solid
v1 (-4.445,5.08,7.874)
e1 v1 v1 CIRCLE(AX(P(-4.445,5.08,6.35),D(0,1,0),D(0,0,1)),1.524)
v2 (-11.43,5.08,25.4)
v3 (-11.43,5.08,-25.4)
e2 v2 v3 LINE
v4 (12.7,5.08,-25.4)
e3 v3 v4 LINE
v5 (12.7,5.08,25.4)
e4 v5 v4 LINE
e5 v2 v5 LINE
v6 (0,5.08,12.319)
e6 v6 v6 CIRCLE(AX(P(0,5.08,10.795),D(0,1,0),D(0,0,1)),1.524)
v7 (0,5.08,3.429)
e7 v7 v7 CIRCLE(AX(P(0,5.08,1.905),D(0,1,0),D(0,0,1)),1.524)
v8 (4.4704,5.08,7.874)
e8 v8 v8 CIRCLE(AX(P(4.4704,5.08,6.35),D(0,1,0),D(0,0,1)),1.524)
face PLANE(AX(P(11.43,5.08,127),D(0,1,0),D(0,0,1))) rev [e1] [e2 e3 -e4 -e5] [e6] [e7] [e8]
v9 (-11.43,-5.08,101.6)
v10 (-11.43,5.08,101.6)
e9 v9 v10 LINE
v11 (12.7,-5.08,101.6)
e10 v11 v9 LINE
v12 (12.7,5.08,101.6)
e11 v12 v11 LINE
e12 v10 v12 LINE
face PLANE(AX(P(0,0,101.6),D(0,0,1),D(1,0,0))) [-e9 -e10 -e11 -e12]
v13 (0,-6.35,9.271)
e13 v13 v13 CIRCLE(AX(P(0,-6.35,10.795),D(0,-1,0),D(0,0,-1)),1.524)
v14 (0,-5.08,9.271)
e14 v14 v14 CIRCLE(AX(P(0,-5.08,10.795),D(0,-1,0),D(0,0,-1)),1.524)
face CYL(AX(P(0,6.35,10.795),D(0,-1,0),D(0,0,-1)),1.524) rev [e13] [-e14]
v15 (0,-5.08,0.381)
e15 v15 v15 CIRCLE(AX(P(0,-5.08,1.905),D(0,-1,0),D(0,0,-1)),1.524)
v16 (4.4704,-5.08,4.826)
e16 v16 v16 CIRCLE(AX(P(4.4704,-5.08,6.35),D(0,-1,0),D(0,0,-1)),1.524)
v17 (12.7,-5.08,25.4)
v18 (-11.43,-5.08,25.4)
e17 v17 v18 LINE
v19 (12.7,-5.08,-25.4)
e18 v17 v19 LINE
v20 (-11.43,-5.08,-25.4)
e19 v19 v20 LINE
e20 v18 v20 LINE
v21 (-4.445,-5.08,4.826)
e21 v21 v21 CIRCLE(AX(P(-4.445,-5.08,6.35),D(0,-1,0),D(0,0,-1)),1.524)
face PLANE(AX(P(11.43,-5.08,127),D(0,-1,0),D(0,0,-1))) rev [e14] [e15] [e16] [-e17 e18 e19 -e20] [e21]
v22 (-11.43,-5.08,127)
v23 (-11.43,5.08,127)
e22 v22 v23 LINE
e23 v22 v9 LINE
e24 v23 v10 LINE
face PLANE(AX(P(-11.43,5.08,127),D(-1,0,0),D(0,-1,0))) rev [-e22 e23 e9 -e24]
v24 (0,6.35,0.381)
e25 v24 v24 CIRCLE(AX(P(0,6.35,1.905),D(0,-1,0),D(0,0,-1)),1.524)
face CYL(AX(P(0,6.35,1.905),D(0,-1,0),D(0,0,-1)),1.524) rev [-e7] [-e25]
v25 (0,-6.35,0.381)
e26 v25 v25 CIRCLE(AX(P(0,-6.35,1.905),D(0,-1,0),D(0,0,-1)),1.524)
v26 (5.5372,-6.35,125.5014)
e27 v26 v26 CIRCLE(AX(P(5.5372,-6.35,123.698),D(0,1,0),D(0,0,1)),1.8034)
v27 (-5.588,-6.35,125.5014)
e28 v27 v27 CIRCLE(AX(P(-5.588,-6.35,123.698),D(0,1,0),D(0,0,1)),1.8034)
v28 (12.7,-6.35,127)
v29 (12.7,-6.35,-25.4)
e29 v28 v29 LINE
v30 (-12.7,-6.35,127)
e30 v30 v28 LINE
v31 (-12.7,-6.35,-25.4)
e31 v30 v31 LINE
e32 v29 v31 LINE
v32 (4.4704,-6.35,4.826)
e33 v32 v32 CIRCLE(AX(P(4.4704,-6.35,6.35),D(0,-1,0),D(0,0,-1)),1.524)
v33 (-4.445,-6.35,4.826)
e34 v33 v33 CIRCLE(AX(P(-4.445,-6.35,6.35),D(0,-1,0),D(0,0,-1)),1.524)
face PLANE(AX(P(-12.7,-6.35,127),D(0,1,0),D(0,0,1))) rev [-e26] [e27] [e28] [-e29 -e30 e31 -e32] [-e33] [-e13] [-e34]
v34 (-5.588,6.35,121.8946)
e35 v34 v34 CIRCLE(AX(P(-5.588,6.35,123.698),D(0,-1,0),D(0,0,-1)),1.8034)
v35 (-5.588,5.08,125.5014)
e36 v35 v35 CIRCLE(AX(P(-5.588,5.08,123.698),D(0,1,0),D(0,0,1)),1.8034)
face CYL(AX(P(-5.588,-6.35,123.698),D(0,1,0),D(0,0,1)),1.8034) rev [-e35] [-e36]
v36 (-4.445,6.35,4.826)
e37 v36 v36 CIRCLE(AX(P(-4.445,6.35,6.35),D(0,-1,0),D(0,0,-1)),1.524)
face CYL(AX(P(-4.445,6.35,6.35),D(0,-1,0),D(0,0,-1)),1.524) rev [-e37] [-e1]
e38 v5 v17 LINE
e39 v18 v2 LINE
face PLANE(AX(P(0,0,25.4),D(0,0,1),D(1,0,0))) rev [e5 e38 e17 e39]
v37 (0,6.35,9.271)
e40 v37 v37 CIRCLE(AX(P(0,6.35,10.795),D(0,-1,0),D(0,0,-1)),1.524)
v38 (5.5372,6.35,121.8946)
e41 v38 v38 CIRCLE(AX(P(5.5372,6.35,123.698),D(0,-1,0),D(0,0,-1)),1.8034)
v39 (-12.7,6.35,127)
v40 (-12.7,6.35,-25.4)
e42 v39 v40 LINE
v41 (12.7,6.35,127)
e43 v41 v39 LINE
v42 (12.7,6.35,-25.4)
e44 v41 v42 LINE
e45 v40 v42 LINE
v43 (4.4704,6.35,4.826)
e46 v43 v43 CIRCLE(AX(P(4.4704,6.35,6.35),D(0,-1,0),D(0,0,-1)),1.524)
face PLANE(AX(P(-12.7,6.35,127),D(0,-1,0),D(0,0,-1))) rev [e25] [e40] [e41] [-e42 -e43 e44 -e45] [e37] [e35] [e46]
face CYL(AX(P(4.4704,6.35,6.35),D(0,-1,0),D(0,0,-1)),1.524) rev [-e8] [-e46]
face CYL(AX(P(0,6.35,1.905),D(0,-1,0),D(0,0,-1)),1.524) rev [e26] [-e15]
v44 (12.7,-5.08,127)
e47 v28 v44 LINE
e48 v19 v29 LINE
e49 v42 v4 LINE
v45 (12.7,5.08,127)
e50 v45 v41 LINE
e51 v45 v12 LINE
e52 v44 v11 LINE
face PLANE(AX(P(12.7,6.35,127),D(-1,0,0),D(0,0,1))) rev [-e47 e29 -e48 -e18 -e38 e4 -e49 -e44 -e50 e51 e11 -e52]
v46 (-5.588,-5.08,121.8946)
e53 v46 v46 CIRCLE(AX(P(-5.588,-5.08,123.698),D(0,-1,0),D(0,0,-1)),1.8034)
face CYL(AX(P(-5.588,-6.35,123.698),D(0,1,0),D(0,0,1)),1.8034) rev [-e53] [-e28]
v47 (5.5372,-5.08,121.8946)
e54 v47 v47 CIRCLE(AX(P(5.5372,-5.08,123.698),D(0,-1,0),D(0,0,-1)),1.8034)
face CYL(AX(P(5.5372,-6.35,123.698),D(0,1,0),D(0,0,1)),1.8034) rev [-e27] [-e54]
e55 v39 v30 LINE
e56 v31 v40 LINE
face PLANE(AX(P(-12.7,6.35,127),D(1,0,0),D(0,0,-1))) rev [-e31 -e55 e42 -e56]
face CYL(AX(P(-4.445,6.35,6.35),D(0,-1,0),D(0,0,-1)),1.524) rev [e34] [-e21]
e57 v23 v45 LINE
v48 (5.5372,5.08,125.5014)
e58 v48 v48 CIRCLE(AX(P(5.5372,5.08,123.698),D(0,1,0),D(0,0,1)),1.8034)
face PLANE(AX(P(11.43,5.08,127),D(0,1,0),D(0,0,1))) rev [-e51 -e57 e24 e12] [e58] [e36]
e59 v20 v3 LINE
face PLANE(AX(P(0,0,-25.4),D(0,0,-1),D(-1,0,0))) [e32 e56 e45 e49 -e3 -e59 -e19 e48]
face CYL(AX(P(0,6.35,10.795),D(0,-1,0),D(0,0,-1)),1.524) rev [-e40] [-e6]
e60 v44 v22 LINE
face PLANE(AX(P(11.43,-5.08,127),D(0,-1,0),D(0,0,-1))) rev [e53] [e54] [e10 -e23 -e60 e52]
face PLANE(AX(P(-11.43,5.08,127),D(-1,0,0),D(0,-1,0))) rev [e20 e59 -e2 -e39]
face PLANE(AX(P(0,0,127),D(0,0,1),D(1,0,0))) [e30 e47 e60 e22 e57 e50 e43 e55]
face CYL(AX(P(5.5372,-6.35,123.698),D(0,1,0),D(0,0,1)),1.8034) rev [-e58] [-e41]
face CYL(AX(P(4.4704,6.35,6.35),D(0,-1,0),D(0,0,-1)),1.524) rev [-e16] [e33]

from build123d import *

# Parameters (mm, degrees)
SKETCH1_W               = 25.4
SKETCH1_H               = 12.7
BOSS_EXTRUDE1_DEPTH     = 127
SKETCH4_W               = 22.86
SKETCH4_H               = 10.16
CUT_EXTRUDE1_DEPTH      = 128
SKETCH5_R               = 1.8034
CUT_EXTRUDE2_DEPTH      = 1
CUT_EXTRUDE2_DEPTH_BACK = 13.7
SKETCH6_R               = 1.524
CUT_EXTRUDE3_DEPTH      = 1
CUT_EXTRUDE3_DEPTH_BACK = 13.7
SKETCH7_W               = 25.4
SKETCH7_H               = 12.7
SKETCH7_W_2             = 22.86
SKETCH7_H_2             = 10.16
BOSS_EXTRUDE2_DEPTH     = 25.4
CUT_EXTRUDE4_REACH      = 154.4
SKETCH8_W               = 1.27
SKETCH8_H               = 10.16
BOSS_EXTRUDE3_START     = -50.8
SKETCH9_W               = 24.13
SKETCH9_H               = 10.16
BOSS_EXTRUDE3_DEPTH     = 76.2


with BuildPart() as part:
    # Sketch1 → Boss-Extrude1 (new body)
    with BuildSketch(Plane.XY):
        Rectangle(SKETCH1_W, SKETCH1_H)
    extrude(amount=BOSS_EXTRUDE1_DEPTH)

    # Sketch4 → Cut-Extrude1 (cut, through all)
    with BuildSketch(Plane(origin=(0, 0, 0), x_dir=(-1, 0, 0), z_dir=(0, 0, -1))):
        Rectangle(SKETCH4_W, SKETCH4_H)
    extrude(amount=-CUT_EXTRUDE1_DEPTH, mode=Mode.SUBTRACT)

    # Sketch5 → Cut-Extrude2 (cut, two sides)
    with BuildSketch(Plane(origin=(0, 6.35, 0), x_dir=(1, 0, 0), z_dir=(0, 1, 0))) as cut_extrude2_sk:
        with Locations((-5.588, -123.698)):
            Circle(SKETCH5_R)
        with Locations((5.5372, -123.698)):
            Circle(SKETCH5_R)
    extrude(amount=CUT_EXTRUDE2_DEPTH, mode=Mode.SUBTRACT)
    extrude(cut_extrude2_sk.sketch, amount=-CUT_EXTRUDE2_DEPTH_BACK, mode=Mode.SUBTRACT)

    # Sketch6 → Cut-Extrude3 (cut, two sides)
    with BuildSketch(Plane(origin=(0, -6.35, 0), x_dir=(-1, 0, 0), z_dir=(0, -1, 0))) as cut_extrude3_sk:
        with Locations((4.445, -6.35)):
            Circle(SKETCH6_R)
        with Locations((-4.4704, -6.35)):
            Circle(SKETCH6_R)
        with Locations((0, -1.905)):
            Circle(SKETCH6_R)
        with Locations((0, -10.795)):
            Circle(SKETCH6_R)
    extrude(amount=CUT_EXTRUDE3_DEPTH, mode=Mode.SUBTRACT)
    extrude(cut_extrude3_sk.sketch, amount=-CUT_EXTRUDE3_DEPTH_BACK, mode=Mode.SUBTRACT)

    # Sketch7 → Boss-Extrude2 (add)
    with BuildSketch(Plane(origin=(0, 0, 0), x_dir=(-1, 0, 0), z_dir=(0, 0, -1))):
        Rectangle(SKETCH7_W, SKETCH7_H)
        Rectangle(SKETCH7_W_2, SKETCH7_H_2, mode=Mode.SUBTRACT)
    extrude(amount=BOSS_EXTRUDE2_DEPTH)

    # Sketch8 → Cut-Extrude4 (cut, up to next)
    with BuildSketch(Plane(origin=(0, 0, -25.4), x_dir=(-1, 0, 0), z_dir=(0, 0, -1)), mode=Mode.PRIVATE) as cut_extrude4_sk1:
        with Locations((-12.065, 0)):
            Rectangle(SKETCH8_W, SKETCH8_H)
    cut_extrude4_tool1 = extrude(cut_extrude4_sk1.sketch, amount=-CUT_EXTRUDE4_REACH, mode=Mode.PRIVATE) & part.part
    add(cut_extrude4_tool1.solids().sort_by_distance((12.065, 0, -25.4))[0], mode=Mode.SUBTRACT)

    # Sketch9 → Boss-Extrude3 (add)
    with BuildSketch(Plane(origin=(0, 0, -25.4), x_dir=(-1, 0, 0), z_dir=(0, 0, -1)).offset(BOSS_EXTRUDE3_START)):
        with Locations((-0.635, 0)):
            Rectangle(SKETCH9_W, SKETCH9_H)
    extrude(amount=-BOSS_EXTRUDE3_DEPTH)


solid = part.part
